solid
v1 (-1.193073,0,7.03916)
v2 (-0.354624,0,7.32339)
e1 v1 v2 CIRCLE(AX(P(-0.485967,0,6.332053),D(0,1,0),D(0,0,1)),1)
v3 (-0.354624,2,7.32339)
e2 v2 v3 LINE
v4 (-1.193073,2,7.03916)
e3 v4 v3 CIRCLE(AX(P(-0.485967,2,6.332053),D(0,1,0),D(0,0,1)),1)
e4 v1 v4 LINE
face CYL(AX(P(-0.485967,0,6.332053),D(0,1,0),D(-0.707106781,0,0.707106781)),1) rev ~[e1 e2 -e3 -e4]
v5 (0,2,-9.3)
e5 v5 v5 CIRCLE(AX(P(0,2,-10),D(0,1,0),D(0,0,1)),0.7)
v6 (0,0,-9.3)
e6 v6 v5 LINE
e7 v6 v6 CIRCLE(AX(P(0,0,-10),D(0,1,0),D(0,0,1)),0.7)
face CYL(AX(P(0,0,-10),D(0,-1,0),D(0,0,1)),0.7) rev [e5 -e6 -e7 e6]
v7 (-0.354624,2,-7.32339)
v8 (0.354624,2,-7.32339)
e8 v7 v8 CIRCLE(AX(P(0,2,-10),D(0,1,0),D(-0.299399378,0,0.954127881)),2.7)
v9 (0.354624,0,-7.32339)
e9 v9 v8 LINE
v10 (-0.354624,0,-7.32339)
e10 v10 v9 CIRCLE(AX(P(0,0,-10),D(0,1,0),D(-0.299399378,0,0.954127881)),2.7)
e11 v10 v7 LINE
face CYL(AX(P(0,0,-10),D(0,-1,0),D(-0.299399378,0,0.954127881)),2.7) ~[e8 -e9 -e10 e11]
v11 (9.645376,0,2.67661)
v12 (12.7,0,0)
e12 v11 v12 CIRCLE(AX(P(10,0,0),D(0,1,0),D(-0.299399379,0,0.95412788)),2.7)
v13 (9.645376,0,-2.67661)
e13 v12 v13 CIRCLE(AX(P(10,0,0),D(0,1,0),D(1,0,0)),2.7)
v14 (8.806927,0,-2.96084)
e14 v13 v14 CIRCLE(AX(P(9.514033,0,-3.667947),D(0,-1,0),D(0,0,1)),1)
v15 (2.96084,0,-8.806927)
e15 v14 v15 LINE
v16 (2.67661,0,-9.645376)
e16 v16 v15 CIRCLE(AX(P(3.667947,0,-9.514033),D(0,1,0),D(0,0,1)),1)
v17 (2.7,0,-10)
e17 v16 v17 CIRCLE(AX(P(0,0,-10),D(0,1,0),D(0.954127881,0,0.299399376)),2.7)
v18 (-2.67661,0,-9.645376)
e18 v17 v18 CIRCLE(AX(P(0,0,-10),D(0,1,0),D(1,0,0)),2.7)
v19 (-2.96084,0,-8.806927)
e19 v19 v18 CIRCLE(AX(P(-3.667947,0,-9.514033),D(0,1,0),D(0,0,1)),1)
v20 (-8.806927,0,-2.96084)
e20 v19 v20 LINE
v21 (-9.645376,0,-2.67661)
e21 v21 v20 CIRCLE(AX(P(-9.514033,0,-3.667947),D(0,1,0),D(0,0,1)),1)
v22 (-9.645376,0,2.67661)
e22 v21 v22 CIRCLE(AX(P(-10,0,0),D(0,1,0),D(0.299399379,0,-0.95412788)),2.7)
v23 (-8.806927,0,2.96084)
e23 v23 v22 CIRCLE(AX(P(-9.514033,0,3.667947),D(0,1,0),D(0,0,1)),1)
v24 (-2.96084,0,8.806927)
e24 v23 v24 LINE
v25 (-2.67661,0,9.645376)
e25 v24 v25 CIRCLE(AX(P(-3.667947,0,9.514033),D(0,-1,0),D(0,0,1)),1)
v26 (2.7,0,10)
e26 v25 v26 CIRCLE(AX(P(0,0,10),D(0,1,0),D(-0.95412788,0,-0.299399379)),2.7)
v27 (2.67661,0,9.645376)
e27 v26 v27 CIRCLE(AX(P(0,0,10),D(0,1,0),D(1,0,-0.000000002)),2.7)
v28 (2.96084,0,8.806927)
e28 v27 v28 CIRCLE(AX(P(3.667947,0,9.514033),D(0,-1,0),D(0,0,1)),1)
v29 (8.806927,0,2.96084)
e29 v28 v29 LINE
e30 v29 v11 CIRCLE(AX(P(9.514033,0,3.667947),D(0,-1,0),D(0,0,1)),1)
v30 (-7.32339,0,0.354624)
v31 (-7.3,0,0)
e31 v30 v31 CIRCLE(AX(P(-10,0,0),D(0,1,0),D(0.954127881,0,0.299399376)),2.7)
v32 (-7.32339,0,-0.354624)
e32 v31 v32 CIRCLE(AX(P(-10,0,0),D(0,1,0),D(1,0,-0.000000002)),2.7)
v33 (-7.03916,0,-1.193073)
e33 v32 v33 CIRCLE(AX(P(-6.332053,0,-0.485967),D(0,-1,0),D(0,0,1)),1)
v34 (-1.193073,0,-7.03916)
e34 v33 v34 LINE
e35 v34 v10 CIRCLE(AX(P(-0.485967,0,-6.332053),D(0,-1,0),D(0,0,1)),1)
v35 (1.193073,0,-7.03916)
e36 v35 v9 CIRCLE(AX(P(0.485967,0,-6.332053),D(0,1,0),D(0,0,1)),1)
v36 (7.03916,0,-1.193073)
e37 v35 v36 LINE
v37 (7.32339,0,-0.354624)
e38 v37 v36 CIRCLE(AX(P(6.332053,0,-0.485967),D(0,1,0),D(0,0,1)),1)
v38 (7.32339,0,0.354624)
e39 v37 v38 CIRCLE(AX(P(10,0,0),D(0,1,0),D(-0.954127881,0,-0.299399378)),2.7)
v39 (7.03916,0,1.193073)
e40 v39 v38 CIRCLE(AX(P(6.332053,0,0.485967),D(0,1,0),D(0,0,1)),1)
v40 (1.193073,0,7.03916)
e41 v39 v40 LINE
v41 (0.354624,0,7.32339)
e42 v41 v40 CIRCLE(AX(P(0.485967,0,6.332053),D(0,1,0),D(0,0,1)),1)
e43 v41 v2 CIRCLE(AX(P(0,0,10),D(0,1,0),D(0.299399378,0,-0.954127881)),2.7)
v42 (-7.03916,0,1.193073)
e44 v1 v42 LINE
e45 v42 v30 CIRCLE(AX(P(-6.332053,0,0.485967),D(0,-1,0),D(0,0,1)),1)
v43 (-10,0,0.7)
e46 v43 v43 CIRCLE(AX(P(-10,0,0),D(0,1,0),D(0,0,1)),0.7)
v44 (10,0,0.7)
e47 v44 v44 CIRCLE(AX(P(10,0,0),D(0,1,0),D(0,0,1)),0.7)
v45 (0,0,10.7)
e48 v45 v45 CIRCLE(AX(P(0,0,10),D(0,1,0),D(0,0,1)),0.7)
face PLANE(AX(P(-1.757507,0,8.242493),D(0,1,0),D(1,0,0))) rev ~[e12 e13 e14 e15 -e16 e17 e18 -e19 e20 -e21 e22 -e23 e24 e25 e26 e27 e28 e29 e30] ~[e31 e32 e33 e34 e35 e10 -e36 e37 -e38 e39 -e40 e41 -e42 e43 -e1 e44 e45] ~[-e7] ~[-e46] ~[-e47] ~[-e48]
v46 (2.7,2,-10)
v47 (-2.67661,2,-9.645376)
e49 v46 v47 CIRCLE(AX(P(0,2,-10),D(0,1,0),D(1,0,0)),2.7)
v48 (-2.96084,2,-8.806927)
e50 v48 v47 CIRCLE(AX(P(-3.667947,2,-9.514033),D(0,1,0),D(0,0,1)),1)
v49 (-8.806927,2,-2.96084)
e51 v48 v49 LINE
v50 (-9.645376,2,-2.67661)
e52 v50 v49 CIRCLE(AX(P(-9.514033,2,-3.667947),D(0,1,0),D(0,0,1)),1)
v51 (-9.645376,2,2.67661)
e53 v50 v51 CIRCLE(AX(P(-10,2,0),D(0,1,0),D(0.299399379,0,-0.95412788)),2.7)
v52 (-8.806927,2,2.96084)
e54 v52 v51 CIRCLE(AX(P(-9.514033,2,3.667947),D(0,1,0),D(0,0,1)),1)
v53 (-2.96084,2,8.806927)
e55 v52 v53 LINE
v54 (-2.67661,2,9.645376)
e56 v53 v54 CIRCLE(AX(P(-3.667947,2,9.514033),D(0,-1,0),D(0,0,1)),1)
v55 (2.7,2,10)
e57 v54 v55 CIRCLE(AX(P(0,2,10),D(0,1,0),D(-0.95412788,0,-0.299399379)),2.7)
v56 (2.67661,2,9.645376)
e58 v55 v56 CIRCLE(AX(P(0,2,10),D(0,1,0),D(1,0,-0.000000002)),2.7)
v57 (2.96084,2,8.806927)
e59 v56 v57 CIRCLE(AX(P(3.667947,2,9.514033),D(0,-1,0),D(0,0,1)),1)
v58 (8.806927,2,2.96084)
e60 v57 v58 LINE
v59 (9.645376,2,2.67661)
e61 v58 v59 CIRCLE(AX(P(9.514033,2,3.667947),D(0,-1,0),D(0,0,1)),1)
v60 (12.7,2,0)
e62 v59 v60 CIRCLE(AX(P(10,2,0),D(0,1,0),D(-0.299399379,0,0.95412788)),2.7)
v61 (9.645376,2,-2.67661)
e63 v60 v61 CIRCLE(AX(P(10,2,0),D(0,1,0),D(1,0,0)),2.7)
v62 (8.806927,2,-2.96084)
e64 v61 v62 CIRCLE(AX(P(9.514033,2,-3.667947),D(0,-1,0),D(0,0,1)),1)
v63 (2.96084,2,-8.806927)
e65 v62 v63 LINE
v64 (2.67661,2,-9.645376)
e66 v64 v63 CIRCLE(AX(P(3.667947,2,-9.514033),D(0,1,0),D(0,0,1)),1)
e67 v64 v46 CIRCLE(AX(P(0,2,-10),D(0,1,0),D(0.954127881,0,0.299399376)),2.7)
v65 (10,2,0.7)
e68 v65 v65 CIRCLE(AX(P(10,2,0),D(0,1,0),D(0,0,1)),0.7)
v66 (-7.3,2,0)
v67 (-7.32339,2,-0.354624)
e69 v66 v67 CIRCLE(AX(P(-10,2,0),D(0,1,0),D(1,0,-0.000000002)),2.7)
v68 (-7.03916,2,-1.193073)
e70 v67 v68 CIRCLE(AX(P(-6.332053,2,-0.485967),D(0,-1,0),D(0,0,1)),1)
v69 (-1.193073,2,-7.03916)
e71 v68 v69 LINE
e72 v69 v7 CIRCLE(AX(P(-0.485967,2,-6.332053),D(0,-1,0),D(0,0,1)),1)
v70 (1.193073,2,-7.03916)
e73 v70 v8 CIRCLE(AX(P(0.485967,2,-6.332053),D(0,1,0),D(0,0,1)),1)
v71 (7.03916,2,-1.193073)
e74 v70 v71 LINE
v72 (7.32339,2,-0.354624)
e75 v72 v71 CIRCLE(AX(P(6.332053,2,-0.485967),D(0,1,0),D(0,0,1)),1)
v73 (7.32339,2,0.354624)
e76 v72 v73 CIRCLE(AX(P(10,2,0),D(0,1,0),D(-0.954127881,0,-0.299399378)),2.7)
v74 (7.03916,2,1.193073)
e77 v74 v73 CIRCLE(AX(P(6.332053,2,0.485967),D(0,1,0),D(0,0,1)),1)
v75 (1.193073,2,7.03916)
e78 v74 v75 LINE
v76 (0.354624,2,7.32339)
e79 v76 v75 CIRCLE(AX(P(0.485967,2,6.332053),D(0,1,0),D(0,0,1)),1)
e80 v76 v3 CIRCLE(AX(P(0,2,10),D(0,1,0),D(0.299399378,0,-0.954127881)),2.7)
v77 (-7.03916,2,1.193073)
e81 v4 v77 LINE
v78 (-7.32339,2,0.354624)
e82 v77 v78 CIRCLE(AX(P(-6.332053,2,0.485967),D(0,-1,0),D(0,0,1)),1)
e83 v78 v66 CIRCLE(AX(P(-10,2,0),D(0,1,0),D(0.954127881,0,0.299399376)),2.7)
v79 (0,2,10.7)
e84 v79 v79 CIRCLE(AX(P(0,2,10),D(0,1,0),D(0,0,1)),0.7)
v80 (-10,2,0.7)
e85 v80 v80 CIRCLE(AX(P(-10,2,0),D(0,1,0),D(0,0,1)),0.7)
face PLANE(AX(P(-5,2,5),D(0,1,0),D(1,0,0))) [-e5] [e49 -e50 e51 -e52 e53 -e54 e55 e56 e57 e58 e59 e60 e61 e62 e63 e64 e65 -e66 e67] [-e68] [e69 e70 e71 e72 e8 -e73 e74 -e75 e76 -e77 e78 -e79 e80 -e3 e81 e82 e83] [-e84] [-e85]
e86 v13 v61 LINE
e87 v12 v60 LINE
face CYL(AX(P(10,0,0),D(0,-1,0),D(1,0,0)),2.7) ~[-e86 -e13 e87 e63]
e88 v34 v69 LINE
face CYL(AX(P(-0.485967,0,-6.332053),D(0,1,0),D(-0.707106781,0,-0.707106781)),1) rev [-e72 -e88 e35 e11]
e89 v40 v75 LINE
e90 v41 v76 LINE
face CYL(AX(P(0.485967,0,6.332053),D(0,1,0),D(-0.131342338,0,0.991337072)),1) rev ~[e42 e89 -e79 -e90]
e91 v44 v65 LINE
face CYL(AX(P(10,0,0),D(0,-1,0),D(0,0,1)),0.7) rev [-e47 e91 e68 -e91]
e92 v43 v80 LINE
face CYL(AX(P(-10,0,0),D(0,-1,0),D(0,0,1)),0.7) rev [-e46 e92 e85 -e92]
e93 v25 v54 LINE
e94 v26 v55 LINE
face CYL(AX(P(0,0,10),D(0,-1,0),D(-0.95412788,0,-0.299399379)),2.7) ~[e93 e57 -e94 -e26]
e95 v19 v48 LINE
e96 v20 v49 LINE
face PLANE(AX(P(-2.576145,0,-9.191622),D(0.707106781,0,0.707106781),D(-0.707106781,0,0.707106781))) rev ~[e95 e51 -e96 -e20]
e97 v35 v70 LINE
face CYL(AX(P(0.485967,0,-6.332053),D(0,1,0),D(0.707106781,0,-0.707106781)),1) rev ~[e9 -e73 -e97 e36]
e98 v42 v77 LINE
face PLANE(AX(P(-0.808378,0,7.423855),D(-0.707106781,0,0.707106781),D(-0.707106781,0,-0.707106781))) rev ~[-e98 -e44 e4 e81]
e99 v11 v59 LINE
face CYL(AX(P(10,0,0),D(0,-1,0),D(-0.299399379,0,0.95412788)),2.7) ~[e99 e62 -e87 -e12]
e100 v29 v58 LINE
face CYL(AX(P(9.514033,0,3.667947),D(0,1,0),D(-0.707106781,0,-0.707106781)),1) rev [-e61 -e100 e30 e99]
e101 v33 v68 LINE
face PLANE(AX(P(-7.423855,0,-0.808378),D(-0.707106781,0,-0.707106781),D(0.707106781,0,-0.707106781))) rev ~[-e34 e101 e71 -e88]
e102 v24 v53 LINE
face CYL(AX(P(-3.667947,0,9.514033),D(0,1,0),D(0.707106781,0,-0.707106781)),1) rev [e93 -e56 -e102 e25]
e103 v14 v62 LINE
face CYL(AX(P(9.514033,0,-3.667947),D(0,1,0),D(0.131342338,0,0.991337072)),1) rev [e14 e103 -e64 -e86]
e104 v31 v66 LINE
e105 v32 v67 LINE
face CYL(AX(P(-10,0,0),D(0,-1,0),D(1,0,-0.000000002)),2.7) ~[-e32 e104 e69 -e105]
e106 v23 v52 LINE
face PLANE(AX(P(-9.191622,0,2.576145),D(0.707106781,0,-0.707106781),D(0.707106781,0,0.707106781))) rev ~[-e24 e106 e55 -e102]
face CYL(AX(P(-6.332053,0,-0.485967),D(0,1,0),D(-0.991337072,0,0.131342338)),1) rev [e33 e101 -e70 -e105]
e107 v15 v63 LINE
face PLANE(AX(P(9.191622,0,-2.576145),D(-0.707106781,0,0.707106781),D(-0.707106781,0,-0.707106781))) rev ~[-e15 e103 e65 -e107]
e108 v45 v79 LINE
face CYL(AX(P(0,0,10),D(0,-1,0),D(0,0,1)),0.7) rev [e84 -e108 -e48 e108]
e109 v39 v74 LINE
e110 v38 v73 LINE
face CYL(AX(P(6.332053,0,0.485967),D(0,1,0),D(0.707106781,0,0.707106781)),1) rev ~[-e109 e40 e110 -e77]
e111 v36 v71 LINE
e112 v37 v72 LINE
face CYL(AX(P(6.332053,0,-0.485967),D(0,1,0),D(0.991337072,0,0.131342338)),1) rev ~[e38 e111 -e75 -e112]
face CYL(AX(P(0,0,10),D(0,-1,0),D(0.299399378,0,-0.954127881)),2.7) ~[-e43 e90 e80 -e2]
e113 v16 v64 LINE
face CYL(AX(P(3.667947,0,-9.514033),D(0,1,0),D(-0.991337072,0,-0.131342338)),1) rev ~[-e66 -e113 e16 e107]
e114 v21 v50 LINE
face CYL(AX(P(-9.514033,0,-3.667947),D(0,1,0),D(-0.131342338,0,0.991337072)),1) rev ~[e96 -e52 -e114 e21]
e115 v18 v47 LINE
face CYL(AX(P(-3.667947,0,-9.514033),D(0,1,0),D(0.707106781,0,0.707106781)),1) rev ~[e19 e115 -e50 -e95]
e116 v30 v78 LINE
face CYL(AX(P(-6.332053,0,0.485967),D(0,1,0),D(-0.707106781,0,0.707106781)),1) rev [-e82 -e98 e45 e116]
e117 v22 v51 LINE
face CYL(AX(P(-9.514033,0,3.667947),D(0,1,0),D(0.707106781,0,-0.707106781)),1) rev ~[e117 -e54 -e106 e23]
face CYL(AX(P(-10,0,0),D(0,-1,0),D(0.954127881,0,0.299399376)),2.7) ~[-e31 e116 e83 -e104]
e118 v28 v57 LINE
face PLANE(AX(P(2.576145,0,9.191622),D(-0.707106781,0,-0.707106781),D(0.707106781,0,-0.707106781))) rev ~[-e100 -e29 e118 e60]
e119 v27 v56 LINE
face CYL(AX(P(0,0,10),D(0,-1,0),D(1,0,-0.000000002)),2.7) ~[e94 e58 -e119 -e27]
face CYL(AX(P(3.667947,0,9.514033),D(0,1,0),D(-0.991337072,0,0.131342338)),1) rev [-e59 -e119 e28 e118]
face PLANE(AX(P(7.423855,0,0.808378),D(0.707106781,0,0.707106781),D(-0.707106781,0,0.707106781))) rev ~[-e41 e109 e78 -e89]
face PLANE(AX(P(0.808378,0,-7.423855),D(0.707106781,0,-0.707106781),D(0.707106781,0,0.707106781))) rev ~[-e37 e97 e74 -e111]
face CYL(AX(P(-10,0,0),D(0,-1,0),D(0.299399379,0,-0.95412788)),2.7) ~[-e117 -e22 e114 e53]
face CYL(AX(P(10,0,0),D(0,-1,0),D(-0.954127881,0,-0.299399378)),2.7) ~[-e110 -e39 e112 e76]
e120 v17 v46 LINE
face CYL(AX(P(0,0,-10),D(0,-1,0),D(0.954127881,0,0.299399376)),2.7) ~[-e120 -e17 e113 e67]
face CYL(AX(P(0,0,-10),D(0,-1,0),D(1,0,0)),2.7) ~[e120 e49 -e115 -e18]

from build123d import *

# Parameters (mm, degrees)
SKETCH2_R           = 0.7
BOSS_EXTRUDE1_DEPTH = 2
FILLET1_R           = 1


with BuildPart() as part:
    # Sketch2 → Boss-Extrude1 (new body)
    # profile 1 of 16: a face of its own
    with BuildSketch(Plane(origin=(0, 0, 0), x_dir=(1, 0, 0), z_dir=(0, 1, 0))):
        with BuildLine():
            Line((-7.423854723, 0.808378324), (-9.191621676, 2.576145277))
            ThreePointArc((-9.191621676, 2.576145277), (-12.7, 0), (-9.191621676, -2.576145277))
            Line((-9.191621676, -2.576145277), (-7.423854723, -0.808378324))
            ThreePointArc((-7.423854723, -0.808378324), (-7.331143293, -0.408905706), (-7.3, 0))
            ThreePointArc((-7.3, 0), (-7.331143293, 0.408905706), (-7.423854723, 0.808378324))
        make_face()
        with Locations(Location((-10, 0, 0), (0, 0, 270))):
            Circle(SKETCH2_R, mode=Mode.SUBTRACT)
    # profile 2 of 16: a face of its own
    with BuildSketch(Plane(origin=(0, 0, 0), x_dir=(1, 0, 0), z_dir=(0, 1, 0))):
        with BuildLine():
            ThreePointArc((-0.808378324, 7.423854723), (-1.909188309, 8.090811691), (-2.576145277, 9.191621676))
            Line((-2.576145277, 9.191621676), (-9.191621676, 2.576145277))
            ThreePointArc((-9.191621676, 2.576145277), (-8.090811691, 1.909188309), (-7.423854723, 0.808378324))
            Line((-7.423854723, 0.808378324), (-0.808378324, 7.423854723))
        make_face()
    # profile 3 of 16: a face of its own
    with BuildSketch(Plane(origin=(0, 0, 0), x_dir=(1, 0, 0), z_dir=(0, 1, 0))):
        with BuildLine():
            ThreePointArc((2.7, 10), (-0.408905706, 12.668856707), (-2.576145277, 9.191621676))
            Line((-2.576145277, 9.191621676), (-0.808378324, 7.423854723))
            ThreePointArc((-0.808378324, 7.423854723), (0, 7.3), (0.808378324, 7.423854723))
            Line((0.808378324, 7.423854723), (2.576145277, 9.191621676))
            ThreePointArc((2.576145277, 9.191621676), (2.668856707, 9.591094294), (2.7, 10))
        make_face()
        with Locations(Location((0, 10, 0), (0, 0, 270))):
            Circle(SKETCH2_R, mode=Mode.SUBTRACT)
    # profile 4 of 16: a face of its own
    with BuildSketch(Plane(origin=(0, 0, 0), x_dir=(1, 0, 0), z_dir=(0, 1, 0))):
        with BuildLine():
            ThreePointArc((2.576145277, 9.191621676), (1.909188309, 8.090811691), (0.808378324, 7.423854723))
            Line((0.808378324, 7.423854723), (7.423854723, 0.808378324))
            ThreePointArc((7.423854723, 0.808378324), (8.090811691, 1.909188309), (9.191621676, 2.576145277))
            Line((9.191621676, 2.576145277), (2.576145277, 9.191621676))
        make_face()
    # profile 5 of 16: a face of its own
    with BuildSketch(Plane(origin=(0, 0, 0), x_dir=(1, 0, 0), z_dir=(0, 1, 0))):
        with BuildLine():
            Line((9.191621676, 2.576145277), (7.423854723, 0.808378324))
            ThreePointArc((7.423854723, 0.808378324), (7.3, 0), (7.423854723, -0.808378324))
            Line((7.423854723, -0.808378324), (9.191621676, -2.576145277))
            ThreePointArc((9.191621676, -2.576145277), (11.598026678, -2.176306673), (12.7, 0))
            ThreePointArc((12.7, 0), (11.598026678, 2.176306673), (9.191621676, 2.576145277))
        make_face()
        with Locations(Location((10, 0, 0), (0, 0, 270))):
            Circle(SKETCH2_R, mode=Mode.SUBTRACT)
    # profile 6 of 16: a face of its own
    with BuildSketch(Plane(origin=(0, 0, 0), x_dir=(1, 0, 0), z_dir=(0, 1, 0))):
        with BuildLine():
            ThreePointArc((9.191621676, -2.576145277), (8.090811691, -1.909188309), (7.423854723, -0.808378324))
            Line((7.423854723, -0.808378324), (0.808378324, -7.423854723))
            ThreePointArc((0.808378324, -7.423854723), (1.909188309, -8.090811691), (2.576145277, -9.191621676))
            Line((2.576145277, -9.191621676), (9.191621676, -2.576145277))
        make_face()
    # profile 7 of 16: a face of its own
    with BuildSketch(Plane(origin=(0, 0, 0), x_dir=(1, 0, 0), z_dir=(0, 1, 0))):
        with BuildLine():
            Line((-0.808378324, -7.423854723), (-2.576145277, -9.191621676))
            ThreePointArc((-2.576145277, -9.191621676), (-0.408905706, -12.668856707), (2.7, -10))
            ThreePointArc((2.7, -10), (2.668856707, -9.591094294), (2.576145277, -9.191621676))
            Line((2.576145277, -9.191621676), (0.808378324, -7.423854723))
            ThreePointArc((0.808378324, -7.423854723), (0, -7.3), (-0.808378324, -7.423854723))
        make_face()
        with Locations(Location((0, -10, 0), (0, 0, 270))):
            Circle(SKETCH2_R, mode=Mode.SUBTRACT)
    # profile 8 of 16: a face of its own
    with BuildSketch(Plane(origin=(0, 0, 0), x_dir=(1, 0, 0), z_dir=(0, 1, 0))):
        with BuildLine():
            ThreePointArc((-7.423854723, -0.808378324), (-8.090811691, -1.909188309), (-9.191621676, -2.576145277))
            Line((-9.191621676, -2.576145277), (-2.576145277, -9.191621676))
            ThreePointArc((-2.576145277, -9.191621676), (-1.909188309, -8.090811691), (-0.808378324, -7.423854723))
            Line((-0.808378324, -7.423854723), (-7.423854723, -0.808378324))
        make_face()
    # profile 9 of 16: a face of its own
    with BuildSketch(Plane(origin=(0, 0, 0), x_dir=(1, 0, 0), z_dir=(0, 1, 0))):
        with BuildLine():
            Line((-7.423854723, -0.808378324), (-9.191621676, -2.576145277))
            ThreePointArc((-9.191621676, -2.576145277), (-8.090811691, -1.909188309), (-7.423854723, -0.808378324))
        make_face()
    # profile 10 of 16: a face of its own
    with BuildSketch(Plane(origin=(0, 0, 0), x_dir=(1, 0, 0), z_dir=(0, 1, 0))):
        with BuildLine():
            ThreePointArc((-7.423854723, 0.808378324), (-8.090811691, 1.909188309), (-9.191621676, 2.576145277))
            Line((-9.191621676, 2.576145277), (-7.423854723, 0.808378324))
        make_face()
    # profile 11 of 16: a face of its own
    with BuildSketch(Plane(origin=(0, 0, 0), x_dir=(1, 0, 0), z_dir=(0, 1, 0))):
        with BuildLine():
            Line((-0.808378324, 7.423854723), (-2.576145277, 9.191621676))
            ThreePointArc((-2.576145277, 9.191621676), (-1.909188309, 8.090811691), (-0.808378324, 7.423854723))
        make_face()
    # profile 12 of 16: a face of its own
    with BuildSketch(Plane(origin=(0, 0, 0), x_dir=(1, 0, 0), z_dir=(0, 1, 0))):
        with BuildLine():
            Line((2.576145277, 9.191621676), (0.808378324, 7.423854723))
            ThreePointArc((0.808378324, 7.423854723), (1.909188309, 8.090811691), (2.576145277, 9.191621676))
        make_face()
    # profile 13 of 16: a face of its own
    with BuildSketch(Plane(origin=(0, 0, 0), x_dir=(1, 0, 0), z_dir=(0, 1, 0))):
        with BuildLine():
            ThreePointArc((9.191621676, 2.576145277), (8.090811691, 1.909188309), (7.423854723, 0.808378324))
            Line((7.423854723, 0.808378324), (9.191621676, 2.576145277))
        make_face()
    # profile 14 of 16: a face of its own
    with BuildSketch(Plane(origin=(0, 0, 0), x_dir=(1, 0, 0), z_dir=(0, 1, 0))):
        with BuildLine():
            Line((9.191621676, -2.576145277), (7.423854723, -0.808378324))
            ThreePointArc((7.423854723, -0.808378324), (8.090811691, -1.909188309), (9.191621676, -2.576145277))
        make_face()
    # profile 15 of 16: a face of its own
    with BuildSketch(Plane(origin=(0, 0, 0), x_dir=(1, 0, 0), z_dir=(0, 1, 0))):
        with BuildLine():
            ThreePointArc((2.576145277, -9.191621676), (1.909188309, -8.090811691), (0.808378324, -7.423854723))
            Line((0.808378324, -7.423854723), (2.576145277, -9.191621676))
        make_face()
    # profile 16 of 16: a face of its own
    with BuildSketch(Plane(origin=(0, 0, 0), x_dir=(1, 0, 0), z_dir=(0, 1, 0))):
        with BuildLine():
            ThreePointArc((-0.808378324, -7.423854723), (-1.909188309, -8.090811691), (-2.576145277, -9.191621676))
            Line((-2.576145277, -9.191621676), (-0.808378324, -7.423854723))
        make_face()
    extrude(amount=BOSS_EXTRUDE1_DEPTH)

    # Fillet1
    fillet1_edges = [part.edges().sort_by_distance(p)[0] for p in [
        (-2.576145277, 1, 9.191621676),
        (-9.191621676, 1, 2.576145277),
        (-9.191621676, 1, -2.576145277),
        (-2.576145277, 1, -9.191621676),
        (2.576145277, 1, -9.191621676),
        (9.191621676, 1, -2.576145277),
        (9.191621676, 1, 2.576145277),
        (2.576145277, 1, 9.191621676),
        (-0.808378324, 1, -7.423854723),
        (-7.423854723, 1, -0.808378324),
        (-7.423854723, 1, 0.808378324),
        (-0.808378324, 1, 7.423854723),
        (0.808378324, 1, 7.423854723),
        (7.423854723, 1, 0.808378324),
        (7.423854723, 1, -0.808378324),
        (0.808378324, 1, -7.423854723),
    ]]
    fillet(fillet1_edges, radius=FILLET1_R)


solid = part.part
